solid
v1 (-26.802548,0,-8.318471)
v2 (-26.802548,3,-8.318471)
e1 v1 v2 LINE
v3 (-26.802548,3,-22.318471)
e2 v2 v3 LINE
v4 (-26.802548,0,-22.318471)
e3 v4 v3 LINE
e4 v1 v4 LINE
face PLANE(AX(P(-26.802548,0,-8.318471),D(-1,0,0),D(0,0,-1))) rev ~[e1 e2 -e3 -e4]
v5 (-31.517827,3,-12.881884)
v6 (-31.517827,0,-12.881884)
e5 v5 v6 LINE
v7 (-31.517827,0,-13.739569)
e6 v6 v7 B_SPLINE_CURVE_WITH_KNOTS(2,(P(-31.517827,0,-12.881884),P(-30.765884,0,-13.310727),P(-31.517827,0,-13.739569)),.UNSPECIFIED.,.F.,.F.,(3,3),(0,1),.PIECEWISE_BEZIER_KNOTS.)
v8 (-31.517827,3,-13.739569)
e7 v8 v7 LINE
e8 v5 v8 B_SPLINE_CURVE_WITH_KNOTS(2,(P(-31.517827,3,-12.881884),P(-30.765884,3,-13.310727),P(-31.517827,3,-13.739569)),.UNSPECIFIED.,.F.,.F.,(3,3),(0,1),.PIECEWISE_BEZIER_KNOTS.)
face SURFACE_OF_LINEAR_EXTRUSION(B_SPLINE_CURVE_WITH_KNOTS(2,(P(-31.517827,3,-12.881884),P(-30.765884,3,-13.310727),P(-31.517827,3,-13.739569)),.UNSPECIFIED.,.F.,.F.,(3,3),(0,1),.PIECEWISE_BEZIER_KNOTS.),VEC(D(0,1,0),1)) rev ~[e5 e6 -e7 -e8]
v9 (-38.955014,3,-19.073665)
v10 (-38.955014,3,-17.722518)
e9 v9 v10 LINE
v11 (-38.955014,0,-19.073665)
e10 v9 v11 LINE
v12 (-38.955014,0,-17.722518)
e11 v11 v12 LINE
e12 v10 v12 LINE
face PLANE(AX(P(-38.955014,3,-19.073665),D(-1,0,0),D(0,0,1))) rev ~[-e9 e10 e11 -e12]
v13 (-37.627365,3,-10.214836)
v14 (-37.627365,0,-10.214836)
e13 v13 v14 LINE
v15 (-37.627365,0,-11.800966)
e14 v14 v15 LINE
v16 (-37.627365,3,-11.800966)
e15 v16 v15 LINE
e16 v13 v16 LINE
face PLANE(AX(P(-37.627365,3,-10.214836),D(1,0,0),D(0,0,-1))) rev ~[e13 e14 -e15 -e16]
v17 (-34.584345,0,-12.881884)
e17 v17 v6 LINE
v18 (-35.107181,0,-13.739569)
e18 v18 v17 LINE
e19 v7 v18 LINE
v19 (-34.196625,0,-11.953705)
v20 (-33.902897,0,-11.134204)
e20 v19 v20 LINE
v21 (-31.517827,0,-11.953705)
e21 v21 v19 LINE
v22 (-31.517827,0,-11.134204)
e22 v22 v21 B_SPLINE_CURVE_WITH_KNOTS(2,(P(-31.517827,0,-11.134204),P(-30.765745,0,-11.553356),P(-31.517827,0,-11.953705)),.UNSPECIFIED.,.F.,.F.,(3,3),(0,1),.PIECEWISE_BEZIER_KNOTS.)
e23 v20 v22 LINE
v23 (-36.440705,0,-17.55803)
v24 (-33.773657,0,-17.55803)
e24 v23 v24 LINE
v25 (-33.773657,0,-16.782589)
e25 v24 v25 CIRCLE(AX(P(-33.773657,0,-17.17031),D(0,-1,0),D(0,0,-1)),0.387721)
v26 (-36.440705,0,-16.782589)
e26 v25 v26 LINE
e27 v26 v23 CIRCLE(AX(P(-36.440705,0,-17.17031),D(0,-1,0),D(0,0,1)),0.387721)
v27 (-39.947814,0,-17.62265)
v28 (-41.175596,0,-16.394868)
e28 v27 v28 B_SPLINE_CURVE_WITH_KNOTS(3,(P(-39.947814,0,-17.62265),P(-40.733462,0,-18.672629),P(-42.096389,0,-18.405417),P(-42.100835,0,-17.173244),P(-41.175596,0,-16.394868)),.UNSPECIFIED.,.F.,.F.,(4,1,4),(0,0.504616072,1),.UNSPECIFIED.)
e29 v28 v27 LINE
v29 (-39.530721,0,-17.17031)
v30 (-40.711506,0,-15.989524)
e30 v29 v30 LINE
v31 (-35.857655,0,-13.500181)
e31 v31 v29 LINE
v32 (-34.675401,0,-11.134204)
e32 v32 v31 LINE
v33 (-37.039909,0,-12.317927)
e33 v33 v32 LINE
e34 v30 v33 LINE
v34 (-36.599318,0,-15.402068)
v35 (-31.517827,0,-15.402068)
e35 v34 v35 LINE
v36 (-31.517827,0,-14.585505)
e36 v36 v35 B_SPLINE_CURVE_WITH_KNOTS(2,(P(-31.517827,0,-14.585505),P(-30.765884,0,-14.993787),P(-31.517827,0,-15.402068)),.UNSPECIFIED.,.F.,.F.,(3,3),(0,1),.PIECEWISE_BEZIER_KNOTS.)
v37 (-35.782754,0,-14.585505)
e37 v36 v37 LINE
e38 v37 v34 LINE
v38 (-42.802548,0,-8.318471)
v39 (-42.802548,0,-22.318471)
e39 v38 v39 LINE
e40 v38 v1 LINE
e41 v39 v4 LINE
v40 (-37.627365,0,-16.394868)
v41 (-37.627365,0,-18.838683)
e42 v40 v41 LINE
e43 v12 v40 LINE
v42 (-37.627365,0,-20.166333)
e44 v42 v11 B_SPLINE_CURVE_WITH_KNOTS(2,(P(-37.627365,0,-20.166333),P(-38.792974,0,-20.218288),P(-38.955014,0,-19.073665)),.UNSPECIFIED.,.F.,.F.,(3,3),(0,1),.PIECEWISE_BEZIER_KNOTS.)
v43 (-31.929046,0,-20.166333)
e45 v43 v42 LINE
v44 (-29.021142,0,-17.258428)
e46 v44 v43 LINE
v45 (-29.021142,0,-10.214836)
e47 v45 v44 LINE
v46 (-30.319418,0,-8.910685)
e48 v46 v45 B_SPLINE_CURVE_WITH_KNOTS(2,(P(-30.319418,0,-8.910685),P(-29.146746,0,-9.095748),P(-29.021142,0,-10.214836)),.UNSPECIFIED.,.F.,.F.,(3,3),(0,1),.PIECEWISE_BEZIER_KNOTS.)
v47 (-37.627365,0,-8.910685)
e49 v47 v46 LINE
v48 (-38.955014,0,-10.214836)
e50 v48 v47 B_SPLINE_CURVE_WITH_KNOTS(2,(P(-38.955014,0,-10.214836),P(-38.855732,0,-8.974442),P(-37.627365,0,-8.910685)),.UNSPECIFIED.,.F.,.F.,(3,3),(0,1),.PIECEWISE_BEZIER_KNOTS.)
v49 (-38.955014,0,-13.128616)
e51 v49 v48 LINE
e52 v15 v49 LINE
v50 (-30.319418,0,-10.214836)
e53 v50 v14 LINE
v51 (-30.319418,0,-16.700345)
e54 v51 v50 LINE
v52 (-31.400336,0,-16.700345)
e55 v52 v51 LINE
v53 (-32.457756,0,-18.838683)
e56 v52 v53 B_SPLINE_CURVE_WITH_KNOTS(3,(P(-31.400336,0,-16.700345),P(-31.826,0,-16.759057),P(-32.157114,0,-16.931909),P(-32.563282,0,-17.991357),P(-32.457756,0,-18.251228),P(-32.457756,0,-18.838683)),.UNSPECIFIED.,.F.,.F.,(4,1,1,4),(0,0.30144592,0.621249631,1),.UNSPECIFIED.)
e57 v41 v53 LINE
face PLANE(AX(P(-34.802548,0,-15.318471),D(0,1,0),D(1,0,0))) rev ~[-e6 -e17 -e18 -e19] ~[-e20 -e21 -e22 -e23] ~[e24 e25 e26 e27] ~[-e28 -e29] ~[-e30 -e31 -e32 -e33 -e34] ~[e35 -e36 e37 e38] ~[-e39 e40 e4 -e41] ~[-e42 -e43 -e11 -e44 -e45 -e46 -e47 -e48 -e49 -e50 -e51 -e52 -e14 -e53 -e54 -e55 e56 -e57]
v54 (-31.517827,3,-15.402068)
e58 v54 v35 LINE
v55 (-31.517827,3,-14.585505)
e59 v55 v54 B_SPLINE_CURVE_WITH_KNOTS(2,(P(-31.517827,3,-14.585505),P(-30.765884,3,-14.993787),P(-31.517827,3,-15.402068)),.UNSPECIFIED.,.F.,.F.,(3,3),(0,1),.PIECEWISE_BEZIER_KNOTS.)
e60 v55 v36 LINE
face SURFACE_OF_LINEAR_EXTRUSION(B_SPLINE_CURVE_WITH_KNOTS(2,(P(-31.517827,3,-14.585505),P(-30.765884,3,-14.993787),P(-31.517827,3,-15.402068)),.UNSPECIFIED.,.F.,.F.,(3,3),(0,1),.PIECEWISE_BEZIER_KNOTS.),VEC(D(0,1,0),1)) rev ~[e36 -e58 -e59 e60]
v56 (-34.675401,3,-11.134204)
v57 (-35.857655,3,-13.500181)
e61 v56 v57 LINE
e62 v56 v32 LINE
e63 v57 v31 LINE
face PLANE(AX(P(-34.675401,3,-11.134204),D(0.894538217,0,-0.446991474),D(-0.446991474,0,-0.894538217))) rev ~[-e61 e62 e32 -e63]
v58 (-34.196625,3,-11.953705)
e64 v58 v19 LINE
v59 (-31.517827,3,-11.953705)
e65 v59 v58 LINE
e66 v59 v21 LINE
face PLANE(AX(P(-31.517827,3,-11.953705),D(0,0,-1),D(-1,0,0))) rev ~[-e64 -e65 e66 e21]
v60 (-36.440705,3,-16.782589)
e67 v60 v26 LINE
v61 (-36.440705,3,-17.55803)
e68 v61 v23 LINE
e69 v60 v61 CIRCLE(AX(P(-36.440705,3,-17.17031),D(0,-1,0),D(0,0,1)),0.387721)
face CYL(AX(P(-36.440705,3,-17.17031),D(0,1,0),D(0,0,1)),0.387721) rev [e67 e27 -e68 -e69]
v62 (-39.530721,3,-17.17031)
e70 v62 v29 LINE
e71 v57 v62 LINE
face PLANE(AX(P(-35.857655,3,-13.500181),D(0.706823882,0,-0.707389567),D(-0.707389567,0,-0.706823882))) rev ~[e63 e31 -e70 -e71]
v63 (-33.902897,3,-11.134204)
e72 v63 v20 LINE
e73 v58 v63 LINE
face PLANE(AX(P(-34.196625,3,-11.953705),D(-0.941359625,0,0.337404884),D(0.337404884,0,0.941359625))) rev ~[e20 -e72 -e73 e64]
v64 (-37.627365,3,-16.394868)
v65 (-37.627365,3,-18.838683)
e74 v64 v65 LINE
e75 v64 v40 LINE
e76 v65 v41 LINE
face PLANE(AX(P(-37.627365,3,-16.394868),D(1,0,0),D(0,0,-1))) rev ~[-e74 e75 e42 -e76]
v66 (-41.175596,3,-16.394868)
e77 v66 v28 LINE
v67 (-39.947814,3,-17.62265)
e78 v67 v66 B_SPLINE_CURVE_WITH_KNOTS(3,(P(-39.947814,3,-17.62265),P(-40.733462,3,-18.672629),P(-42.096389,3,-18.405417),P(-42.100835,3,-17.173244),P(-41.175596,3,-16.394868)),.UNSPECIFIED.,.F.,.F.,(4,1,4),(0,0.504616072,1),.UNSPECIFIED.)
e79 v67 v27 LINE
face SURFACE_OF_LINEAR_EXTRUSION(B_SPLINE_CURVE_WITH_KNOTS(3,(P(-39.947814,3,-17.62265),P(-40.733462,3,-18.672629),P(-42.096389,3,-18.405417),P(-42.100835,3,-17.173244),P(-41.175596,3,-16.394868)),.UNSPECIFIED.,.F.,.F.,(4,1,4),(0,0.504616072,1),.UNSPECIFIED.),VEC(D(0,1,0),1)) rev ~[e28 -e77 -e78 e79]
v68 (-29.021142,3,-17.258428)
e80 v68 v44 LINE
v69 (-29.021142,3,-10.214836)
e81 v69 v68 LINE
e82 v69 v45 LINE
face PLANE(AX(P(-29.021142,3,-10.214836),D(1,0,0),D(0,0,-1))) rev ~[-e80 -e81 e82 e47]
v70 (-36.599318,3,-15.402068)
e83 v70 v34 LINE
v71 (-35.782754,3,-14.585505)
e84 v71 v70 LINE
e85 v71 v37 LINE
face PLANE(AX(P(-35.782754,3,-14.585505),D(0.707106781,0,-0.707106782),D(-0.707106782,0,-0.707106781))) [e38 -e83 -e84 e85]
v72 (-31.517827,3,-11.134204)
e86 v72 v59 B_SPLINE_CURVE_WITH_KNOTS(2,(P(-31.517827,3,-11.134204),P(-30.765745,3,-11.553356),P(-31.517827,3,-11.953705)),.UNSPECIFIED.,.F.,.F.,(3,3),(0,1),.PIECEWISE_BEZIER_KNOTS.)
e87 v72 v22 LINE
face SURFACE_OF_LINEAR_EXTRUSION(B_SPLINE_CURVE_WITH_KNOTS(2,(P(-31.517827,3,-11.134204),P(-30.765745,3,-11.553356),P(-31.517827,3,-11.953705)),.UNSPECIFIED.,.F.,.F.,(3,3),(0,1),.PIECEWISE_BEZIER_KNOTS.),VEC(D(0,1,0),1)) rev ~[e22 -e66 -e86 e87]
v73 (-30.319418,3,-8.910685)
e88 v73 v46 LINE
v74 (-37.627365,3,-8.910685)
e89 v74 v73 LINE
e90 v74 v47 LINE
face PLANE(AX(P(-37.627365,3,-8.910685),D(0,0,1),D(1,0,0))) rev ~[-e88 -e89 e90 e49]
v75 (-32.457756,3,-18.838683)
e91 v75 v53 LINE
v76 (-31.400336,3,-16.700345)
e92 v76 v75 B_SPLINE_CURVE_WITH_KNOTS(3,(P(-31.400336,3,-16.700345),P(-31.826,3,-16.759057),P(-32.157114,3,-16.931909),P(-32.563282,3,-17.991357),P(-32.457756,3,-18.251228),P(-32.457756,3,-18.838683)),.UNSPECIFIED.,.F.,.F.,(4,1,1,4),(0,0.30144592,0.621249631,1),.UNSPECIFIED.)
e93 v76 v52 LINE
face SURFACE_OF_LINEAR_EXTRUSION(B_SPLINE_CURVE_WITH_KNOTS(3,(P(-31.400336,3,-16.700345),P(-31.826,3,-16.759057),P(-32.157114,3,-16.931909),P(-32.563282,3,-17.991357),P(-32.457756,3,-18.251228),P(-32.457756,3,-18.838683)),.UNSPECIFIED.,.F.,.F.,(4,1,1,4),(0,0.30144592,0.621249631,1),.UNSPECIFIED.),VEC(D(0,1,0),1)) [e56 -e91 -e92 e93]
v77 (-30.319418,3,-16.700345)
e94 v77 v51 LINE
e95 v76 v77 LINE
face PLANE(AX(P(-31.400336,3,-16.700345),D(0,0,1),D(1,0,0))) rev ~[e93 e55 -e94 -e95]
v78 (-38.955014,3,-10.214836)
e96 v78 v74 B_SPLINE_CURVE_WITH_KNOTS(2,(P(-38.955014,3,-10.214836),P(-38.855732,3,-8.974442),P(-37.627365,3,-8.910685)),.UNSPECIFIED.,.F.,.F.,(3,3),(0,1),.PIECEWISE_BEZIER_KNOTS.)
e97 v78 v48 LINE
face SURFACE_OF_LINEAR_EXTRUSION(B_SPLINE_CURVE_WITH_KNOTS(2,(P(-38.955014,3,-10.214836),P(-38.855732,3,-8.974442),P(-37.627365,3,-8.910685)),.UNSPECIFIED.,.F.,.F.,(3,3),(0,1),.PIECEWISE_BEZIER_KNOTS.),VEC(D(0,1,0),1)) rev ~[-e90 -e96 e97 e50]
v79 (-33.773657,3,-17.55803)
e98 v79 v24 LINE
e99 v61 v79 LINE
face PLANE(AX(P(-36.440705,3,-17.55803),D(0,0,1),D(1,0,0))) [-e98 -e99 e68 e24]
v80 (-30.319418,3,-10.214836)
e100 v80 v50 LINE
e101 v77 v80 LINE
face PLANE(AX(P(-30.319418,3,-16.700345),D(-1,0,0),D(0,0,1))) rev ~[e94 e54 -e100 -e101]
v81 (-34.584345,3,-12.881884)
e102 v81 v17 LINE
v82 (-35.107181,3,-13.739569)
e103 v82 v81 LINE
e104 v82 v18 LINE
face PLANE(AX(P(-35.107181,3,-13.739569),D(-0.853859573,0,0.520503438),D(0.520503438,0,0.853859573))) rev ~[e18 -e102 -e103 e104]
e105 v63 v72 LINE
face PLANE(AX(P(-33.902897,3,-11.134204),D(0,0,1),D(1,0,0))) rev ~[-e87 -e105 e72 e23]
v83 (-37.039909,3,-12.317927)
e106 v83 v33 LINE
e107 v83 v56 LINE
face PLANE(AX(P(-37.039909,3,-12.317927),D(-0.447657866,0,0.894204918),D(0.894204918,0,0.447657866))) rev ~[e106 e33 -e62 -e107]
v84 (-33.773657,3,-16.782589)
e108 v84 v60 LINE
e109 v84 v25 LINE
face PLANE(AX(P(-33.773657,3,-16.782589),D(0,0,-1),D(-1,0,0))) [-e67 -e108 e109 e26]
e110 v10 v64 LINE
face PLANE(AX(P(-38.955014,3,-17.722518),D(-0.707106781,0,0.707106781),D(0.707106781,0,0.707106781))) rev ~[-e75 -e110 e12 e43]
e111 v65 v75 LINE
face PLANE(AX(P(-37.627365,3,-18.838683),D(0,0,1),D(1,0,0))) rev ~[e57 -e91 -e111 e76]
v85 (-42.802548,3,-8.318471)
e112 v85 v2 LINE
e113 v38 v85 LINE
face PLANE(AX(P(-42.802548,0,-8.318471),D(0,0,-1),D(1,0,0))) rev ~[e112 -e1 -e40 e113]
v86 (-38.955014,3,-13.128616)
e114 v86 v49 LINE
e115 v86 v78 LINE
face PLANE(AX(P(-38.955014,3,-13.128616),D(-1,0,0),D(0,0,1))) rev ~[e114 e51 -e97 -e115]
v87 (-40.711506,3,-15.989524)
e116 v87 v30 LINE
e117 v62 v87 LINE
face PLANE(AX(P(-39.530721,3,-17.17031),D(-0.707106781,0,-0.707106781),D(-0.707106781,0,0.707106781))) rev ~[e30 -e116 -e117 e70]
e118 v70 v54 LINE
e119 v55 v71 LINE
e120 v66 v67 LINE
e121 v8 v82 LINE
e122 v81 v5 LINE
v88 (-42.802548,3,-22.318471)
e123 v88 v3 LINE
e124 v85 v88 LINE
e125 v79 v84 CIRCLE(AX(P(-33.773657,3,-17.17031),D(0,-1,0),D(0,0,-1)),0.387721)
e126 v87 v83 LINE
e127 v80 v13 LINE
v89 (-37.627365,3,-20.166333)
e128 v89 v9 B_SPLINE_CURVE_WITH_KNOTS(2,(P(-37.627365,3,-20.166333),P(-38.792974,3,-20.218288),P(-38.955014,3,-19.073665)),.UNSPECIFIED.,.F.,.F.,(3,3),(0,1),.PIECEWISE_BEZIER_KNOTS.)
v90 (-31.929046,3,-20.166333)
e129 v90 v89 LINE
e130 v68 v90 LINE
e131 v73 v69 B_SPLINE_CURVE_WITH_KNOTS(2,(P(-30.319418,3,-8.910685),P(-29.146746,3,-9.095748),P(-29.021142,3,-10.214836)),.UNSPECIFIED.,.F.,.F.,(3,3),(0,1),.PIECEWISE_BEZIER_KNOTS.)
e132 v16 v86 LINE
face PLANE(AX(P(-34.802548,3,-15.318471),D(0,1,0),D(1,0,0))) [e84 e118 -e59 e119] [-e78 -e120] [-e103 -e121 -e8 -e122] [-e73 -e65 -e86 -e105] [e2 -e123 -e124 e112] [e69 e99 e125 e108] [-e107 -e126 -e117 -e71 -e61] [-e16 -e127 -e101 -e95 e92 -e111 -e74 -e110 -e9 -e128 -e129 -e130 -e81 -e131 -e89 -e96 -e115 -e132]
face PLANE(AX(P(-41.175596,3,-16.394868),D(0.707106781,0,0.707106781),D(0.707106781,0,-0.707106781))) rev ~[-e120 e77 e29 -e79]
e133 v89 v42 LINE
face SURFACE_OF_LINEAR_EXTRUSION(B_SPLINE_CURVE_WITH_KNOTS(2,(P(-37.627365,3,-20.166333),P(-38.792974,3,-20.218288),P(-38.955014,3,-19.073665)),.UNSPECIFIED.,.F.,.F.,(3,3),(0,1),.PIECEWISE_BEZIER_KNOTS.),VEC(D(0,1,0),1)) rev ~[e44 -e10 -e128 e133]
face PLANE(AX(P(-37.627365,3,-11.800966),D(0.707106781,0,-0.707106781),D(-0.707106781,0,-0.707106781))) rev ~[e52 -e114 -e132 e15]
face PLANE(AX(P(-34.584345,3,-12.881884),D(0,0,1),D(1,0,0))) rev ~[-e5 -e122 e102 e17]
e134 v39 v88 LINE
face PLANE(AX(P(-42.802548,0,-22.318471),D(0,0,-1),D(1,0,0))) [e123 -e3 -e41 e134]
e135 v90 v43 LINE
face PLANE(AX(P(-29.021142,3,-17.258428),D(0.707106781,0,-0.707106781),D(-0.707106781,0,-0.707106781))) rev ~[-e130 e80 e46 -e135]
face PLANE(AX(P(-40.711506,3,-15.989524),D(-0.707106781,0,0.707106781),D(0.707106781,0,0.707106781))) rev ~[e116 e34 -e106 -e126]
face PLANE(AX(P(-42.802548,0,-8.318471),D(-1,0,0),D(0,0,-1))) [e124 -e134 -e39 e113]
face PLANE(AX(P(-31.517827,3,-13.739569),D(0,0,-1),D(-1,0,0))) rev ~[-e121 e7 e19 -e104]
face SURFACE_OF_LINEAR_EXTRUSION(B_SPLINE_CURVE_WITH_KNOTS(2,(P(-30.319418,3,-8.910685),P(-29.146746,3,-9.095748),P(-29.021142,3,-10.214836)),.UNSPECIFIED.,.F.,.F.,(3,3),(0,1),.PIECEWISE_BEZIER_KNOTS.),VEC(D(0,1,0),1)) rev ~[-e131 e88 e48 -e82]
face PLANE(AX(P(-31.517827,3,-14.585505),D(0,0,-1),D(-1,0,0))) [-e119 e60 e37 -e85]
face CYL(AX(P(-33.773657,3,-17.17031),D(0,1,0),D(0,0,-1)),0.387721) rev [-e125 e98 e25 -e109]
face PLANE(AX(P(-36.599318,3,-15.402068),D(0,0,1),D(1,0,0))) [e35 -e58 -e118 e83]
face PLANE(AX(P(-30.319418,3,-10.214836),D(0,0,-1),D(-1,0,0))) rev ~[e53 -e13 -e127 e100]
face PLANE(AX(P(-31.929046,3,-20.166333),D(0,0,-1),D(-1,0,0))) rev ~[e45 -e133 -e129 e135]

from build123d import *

# Parameters (mm, degrees)
SKETCH2_W           = 16
SKETCH2_H           = 14
BOSS_EXTRUDE1_DEPTH = 3
CUT_EXTRUDE1_DEPTH  = 3


with BuildPart() as part:
    # Sketch2 → Boss-Extrude1 (new body)
    with BuildSketch(Plane(origin=(0, 0, 0), x_dir=(1, 0, 0), z_dir=(0, 1, 0))):
        with Locations((-34.802547771, 15.318471338)):
            Rectangle(SKETCH2_W, SKETCH2_H)
    extrude(amount=BOSS_EXTRUDE1_DEPTH)

    # Sketch4 → Cut-Extrude1 (cut)
    with BuildSketch(Plane(origin=(0, 3, 0), x_dir=(1, 0, 0), z_dir=(0, 1, 0))):
        with BuildLine():
            Line((-41.175596086, 16.394868254), (-39.947814065, 17.622650274))
            add(Edge.make_bspline(
                [(-39.947814065, 17.622650274), (-40.733462487, 18.672629006), (-42.096388691, 18.405416924), (-42.100834752, 17.17324364), (-41.175596086, 16.394868254)],
                knots=[0, 0, 0, 0, 0.504616072, 1, 1, 1, 1], degree=3))
        make_face()
        Polygon((-39.530720652, 17.17030953), (-40.711506231, 15.989523951), (-37.03990928, 12.317927), (-34.675400844, 11.134204143), (-35.857655062, 13.500181218), align=None)
        with BuildLine():
            Line((-38.95501425, 17.722517711), (-37.627364793, 16.394868254))
            Line((-37.627364793, 16.394868254), (-37.627364793, 18.838683184))
            Line((-37.627364793, 18.838683184), (-32.457756286, 18.838683184))
            add(Edge.make_bspline(
                [(-31.400336364, 16.70034512), (-31.826000229, 16.759057378), (-32.15711446, 16.931909426), (-32.563281875, 17.99135722), (-32.457756286, 18.251227672), (-32.457756286, 18.838683184)],
                knots=[0, 0, 0, 0, 0.30144592, 0.621249631, 1, 1, 1, 1], degree=3))
            Line((-31.400336364, 16.70034512), (-30.319418222, 16.70034512))
            Line((-30.319418222, 16.70034512), (-30.319418222, 10.214836266))
            Line((-30.319418222, 10.214836266), (-37.627364793, 10.214836266))
            Line((-37.627364793, 10.214836266), (-37.627364793, 11.800966149))
            Line((-37.627364793, 11.800966149), (-38.95501425, 13.128615607))
            Line((-38.95501425, 13.128615607), (-38.95501425, 10.214836266))
            add(Edge.make_bspline(
                [(-38.95501425, 10.214836266), (-38.855731917, 8.974442118), (-37.627364793, 8.91068503)],
                knots=[0, 0, 0, 1, 1, 1], degree=2))
            Line((-37.627364793, 8.91068503), (-30.319418222, 8.91068503))
            add(Edge.make_bspline(
                [(-30.319418222, 8.91068503), (-29.146746319, 9.095747861), (-29.02114154, 10.214836266)],
                knots=[0, 0, 0, 1, 1, 1], degree=2))
            Line((-29.02114154, 10.214836266), (-29.02114154, 17.258427857))
            Line((-29.02114154, 17.258427857), (-31.929046325, 20.166332642))
            Line((-31.929046325, 20.166332642), (-37.627364793, 20.166332642))
            add(Edge.make_bspline(
                [(-37.627364793, 20.166332642), (-38.792973527, 20.218288166), (-38.95501425, 19.073665389)],
                knots=[0, 0, 0, 1, 1, 1], degree=2))
            Line((-38.95501425, 19.073665389), (-38.95501425, 17.722517711))
        make_face()
        with BuildLine():
            Line((-36.440704658, 17.558030168), (-33.773656633, 17.558030168))
            ThreePointArc((-33.773656633, 17.558030168), (-33.385935995, 17.17030953), (-33.773656633, 16.782588892))
            Line((-33.773656633, 16.782588892), (-36.440704658, 16.782588892))
            ThreePointArc((-36.440704658, 16.782588892), (-36.828425296, 17.17030953), (-36.440704658, 17.558030168))
        make_face()
        with BuildLine():
            Line((-31.517827466, 14.585505277), (-35.782754484, 14.585505277))
            Line((-35.782754484, 14.585505277), (-36.599317646, 15.402068438))
            Line((-36.599317646, 15.402068438), (-31.517827466, 15.402068438))
            add(Edge.make_bspline(
                [(-31.517827466, 14.585505277), (-30.765884411, 14.993786858), (-31.517827466, 15.402068438)],
                knots=[0, 0, 0, 1, 1, 1], degree=2))
        make_face()
        with BuildLine():
            Line((-31.517827466, 13.739569339), (-35.107180646, 13.739569339))
            Line((-35.107180646, 13.739569339), (-34.58434524, 12.881884291))
            Line((-34.58434524, 12.881884291), (-31.517827466, 12.881884291))
            add(Edge.make_bspline(
                [(-31.517827466, 12.881884291), (-30.765884411, 13.310726815), (-31.517827466, 13.739569339)],
                knots=[0, 0, 0, 1, 1, 1], degree=2))
        make_face()
        with BuildLine():
            Line((-31.517827466, 11.953704582), (-34.196624602, 11.953704582))
            Line((-34.196624602, 11.953704582), (-33.902896846, 11.134204143))
            Line((-33.902896846, 11.134204143), (-31.517827466, 11.134204143))
            add(Edge.make_bspline(
                [(-31.517827466, 11.134204143), (-30.765744911, 11.553356024), (-31.517827466, 11.953704582)],
                knots=[0, 0, 0, 1, 1, 1], degree=2))
        make_face()
    extrude(amount=-CUT_EXTRUDE1_DEPTH, mode=Mode.SUBTRACT)


solid = part.part
